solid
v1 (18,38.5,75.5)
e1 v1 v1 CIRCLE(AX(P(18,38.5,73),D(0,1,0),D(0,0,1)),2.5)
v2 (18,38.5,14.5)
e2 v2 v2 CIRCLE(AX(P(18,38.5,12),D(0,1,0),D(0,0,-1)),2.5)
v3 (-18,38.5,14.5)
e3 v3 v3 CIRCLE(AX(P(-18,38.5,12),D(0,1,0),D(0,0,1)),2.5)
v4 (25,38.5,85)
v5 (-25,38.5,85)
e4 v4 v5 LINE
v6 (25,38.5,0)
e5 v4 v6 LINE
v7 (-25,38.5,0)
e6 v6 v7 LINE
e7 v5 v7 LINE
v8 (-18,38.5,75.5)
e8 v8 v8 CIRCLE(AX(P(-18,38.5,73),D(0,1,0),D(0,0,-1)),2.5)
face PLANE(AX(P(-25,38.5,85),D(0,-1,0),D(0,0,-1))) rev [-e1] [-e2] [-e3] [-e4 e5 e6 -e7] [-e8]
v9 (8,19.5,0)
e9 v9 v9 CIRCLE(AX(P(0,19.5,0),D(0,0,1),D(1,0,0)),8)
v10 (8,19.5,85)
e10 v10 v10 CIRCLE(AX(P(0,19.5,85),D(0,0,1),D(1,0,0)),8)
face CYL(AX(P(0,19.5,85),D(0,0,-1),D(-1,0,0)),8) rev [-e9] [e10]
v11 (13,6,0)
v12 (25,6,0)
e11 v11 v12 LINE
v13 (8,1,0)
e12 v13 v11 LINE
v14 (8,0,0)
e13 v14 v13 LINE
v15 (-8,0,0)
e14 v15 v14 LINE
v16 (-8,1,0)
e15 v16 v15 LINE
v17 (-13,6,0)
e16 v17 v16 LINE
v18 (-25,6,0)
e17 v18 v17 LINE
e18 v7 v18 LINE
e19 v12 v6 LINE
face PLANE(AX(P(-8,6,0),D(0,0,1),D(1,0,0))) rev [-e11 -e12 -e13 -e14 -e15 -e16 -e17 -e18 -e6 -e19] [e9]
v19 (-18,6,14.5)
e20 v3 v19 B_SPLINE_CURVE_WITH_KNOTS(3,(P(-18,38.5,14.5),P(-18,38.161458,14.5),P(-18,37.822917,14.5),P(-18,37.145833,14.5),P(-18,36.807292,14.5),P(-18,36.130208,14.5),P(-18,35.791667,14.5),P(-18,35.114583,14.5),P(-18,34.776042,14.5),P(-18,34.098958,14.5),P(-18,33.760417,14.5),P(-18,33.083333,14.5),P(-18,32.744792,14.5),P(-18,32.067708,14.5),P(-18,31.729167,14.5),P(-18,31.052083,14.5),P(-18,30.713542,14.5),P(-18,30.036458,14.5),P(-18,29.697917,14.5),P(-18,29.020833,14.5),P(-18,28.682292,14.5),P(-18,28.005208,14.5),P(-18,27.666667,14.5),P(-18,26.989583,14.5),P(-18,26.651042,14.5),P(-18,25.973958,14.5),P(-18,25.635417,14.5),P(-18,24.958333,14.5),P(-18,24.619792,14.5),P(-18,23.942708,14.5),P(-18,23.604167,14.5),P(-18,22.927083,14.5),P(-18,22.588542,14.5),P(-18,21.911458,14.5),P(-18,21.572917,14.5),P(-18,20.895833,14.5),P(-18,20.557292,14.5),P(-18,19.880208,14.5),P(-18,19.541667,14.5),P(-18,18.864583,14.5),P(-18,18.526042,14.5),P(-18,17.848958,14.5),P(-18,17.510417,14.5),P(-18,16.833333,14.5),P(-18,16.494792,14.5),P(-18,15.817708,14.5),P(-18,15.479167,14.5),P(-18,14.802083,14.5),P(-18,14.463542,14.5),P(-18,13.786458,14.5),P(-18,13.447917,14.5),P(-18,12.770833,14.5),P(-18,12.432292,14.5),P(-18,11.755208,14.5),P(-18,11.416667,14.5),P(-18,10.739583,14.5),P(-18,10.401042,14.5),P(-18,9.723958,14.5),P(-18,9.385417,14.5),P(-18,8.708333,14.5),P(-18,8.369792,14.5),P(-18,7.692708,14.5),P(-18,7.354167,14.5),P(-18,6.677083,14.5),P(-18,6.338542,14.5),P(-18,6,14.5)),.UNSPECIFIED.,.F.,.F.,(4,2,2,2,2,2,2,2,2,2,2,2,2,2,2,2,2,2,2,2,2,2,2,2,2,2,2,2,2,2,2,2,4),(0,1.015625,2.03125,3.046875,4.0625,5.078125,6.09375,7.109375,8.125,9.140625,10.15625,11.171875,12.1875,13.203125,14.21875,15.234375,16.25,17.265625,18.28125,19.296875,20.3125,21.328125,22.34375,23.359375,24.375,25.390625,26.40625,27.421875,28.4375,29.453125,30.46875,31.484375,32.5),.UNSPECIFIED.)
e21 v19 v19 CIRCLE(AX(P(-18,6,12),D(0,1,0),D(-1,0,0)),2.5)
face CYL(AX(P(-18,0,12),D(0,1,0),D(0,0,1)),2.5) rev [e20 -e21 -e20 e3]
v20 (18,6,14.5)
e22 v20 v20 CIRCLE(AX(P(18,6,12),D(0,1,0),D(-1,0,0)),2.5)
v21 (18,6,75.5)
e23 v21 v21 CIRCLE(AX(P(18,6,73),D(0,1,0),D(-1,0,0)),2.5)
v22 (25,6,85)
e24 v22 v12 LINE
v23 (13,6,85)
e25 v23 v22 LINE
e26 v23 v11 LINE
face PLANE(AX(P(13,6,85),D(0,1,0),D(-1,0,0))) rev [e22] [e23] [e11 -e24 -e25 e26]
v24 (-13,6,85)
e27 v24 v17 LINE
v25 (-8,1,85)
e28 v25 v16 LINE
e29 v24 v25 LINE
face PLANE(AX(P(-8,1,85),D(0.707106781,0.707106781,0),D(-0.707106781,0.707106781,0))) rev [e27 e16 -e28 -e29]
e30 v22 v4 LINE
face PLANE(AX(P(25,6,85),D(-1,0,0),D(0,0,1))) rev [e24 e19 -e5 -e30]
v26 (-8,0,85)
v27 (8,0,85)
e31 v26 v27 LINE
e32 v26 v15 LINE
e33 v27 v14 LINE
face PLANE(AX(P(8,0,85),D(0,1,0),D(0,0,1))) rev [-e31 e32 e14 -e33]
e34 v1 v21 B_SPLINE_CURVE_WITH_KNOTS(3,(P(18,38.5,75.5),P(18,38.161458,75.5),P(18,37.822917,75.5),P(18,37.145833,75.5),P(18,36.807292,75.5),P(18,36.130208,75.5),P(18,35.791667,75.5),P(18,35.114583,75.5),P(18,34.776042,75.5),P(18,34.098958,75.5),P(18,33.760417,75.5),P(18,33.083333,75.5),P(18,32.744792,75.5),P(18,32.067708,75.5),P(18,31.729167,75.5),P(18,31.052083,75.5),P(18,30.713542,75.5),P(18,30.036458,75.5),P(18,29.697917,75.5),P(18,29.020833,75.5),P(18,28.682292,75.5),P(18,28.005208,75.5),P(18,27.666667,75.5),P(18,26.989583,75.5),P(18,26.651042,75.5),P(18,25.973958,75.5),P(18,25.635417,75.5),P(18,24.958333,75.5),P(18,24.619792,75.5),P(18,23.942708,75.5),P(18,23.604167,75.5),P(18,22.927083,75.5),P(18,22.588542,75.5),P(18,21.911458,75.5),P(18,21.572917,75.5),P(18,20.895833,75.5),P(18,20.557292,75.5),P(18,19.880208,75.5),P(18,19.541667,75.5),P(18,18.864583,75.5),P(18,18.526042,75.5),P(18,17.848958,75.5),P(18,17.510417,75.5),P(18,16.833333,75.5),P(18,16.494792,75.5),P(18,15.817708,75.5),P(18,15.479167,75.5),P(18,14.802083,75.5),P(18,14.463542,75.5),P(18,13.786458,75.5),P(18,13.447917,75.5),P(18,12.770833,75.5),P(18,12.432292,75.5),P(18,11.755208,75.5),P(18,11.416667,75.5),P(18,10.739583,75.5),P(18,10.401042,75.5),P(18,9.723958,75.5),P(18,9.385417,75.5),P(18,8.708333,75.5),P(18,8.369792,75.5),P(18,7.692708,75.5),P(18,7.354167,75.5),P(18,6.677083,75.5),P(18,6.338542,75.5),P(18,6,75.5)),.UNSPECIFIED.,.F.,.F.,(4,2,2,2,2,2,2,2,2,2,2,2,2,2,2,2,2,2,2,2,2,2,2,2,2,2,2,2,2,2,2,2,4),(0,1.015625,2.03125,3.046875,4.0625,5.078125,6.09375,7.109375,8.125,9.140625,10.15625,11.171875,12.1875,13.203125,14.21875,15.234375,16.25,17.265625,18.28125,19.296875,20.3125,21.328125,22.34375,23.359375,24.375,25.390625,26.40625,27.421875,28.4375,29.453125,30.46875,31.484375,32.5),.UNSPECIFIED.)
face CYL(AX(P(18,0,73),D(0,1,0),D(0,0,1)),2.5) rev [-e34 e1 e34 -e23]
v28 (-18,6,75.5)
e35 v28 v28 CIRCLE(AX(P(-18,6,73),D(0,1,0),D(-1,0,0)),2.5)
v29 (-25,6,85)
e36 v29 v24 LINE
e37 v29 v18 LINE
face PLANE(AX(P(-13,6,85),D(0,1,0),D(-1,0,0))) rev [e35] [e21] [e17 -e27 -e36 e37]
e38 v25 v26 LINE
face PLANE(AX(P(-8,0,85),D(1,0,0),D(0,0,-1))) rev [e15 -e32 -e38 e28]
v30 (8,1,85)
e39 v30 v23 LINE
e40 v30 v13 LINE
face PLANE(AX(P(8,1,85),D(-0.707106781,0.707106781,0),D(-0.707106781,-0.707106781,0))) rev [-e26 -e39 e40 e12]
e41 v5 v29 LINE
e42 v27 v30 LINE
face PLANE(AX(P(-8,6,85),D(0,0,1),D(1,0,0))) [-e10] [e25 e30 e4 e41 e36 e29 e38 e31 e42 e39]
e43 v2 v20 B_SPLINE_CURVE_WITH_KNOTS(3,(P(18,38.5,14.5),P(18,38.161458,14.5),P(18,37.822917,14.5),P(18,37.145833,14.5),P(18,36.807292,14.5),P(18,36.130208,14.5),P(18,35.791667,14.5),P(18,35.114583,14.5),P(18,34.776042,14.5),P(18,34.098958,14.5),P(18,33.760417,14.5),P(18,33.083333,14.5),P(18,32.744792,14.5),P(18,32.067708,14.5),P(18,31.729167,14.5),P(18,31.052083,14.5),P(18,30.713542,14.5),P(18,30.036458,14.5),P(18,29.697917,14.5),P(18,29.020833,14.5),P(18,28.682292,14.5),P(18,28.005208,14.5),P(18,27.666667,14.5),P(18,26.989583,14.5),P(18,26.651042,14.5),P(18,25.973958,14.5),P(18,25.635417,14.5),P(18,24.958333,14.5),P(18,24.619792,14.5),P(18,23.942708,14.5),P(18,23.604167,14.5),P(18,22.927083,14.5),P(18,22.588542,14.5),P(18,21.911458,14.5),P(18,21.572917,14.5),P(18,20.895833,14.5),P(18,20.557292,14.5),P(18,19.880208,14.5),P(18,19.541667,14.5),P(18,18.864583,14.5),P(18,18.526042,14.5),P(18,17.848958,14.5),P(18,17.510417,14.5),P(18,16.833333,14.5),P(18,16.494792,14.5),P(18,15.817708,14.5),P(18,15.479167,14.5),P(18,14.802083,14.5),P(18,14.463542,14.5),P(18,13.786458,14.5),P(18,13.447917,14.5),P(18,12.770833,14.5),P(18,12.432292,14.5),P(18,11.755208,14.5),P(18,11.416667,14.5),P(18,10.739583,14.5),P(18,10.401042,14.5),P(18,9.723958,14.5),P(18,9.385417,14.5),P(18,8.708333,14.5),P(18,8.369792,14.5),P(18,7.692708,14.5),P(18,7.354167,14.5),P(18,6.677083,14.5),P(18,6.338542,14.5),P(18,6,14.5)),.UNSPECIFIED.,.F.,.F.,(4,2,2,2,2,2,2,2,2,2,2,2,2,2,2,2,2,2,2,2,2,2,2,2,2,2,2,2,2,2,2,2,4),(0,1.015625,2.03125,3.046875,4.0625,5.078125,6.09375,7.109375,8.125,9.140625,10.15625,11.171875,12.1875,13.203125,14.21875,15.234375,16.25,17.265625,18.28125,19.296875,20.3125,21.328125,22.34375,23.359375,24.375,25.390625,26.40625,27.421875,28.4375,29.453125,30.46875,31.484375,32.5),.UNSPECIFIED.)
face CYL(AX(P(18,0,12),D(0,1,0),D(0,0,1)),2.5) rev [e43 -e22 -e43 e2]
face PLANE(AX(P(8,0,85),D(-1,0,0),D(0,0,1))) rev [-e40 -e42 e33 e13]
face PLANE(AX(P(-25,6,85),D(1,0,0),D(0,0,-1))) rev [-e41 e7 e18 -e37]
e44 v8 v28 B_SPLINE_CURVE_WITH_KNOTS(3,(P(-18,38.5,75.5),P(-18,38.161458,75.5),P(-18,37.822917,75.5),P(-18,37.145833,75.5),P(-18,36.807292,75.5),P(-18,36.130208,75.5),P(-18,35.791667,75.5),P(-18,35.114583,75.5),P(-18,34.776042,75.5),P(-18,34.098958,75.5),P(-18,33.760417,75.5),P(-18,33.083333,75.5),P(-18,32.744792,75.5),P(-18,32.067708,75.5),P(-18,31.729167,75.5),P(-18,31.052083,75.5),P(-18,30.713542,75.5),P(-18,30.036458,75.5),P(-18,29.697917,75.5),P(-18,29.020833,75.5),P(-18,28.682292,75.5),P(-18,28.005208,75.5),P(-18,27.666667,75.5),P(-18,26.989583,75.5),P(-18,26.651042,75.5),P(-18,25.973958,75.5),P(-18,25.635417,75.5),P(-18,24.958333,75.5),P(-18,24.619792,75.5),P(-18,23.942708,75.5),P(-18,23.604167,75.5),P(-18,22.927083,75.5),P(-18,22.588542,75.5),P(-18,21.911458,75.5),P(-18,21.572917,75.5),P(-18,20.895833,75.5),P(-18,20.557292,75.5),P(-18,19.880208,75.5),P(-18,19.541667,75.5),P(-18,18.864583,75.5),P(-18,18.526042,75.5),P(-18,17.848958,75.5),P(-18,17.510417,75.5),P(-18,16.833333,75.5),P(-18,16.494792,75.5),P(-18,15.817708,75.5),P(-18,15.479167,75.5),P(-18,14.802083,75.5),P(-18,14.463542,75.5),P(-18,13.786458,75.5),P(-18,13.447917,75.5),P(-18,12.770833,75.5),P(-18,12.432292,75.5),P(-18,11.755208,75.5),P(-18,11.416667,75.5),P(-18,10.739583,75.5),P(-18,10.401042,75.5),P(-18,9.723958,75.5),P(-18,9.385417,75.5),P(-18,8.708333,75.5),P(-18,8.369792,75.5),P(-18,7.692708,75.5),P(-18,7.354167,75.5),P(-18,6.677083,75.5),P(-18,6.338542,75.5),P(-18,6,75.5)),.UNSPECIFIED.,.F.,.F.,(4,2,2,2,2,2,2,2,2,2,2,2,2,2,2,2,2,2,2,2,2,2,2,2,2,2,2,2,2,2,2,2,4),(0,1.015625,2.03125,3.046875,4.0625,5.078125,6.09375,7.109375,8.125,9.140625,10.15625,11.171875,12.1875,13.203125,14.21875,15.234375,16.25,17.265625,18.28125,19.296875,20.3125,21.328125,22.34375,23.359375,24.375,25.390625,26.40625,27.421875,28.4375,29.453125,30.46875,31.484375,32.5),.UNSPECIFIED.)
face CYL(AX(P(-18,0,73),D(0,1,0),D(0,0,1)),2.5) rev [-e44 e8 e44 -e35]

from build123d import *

# Parameters (mm, degrees)
SKETCH_1_R          = 8
EXTRUDE_1_DEPTH     = 85
SKETCH_2_R          = 2.5
CUT_EXTRUDE_1_DEPTH = 97.603571363


with BuildPart() as part:
    # 草图1 → 凸台-拉伸1 (new body)
    with BuildSketch(Plane.XY):
        Polygon((8, 0), (-8, 0), (-8, 1), (-13, 6), (-25, 6), (-25, 38.5), (25, 38.5), (25, 6), (13, 6), (8, 1), align=None)
        with Locations((0, 19.5)):
            Circle(SKETCH_1_R, mode=Mode.SUBTRACT)
    extrude(amount=EXTRUDE_1_DEPTH)

    # 草图2 → 切除-拉伸1 (cut, through all)
    with BuildSketch(Plane(origin=(0, 38.5, 0), x_dir=(1, 0, 0), z_dir=(0, 1, 0))):
        with Locations(Location((-18, -12, 0), (0, 0, 270))):
            Circle(SKETCH_2_R)
        with Locations(Location((18, -12, 0), (0, 0, 270))):
            Circle(SKETCH_2_R)
        with Locations(Location((18, -73, 0), (0, 0, 270))):
            Circle(SKETCH_2_R)
        with Locations(Location((-18, -73, 0), (0, 0, 270))):
            Circle(SKETCH_2_R)
    extrude(amount=-CUT_EXTRUDE_1_DEPTH, mode=Mode.SUBTRACT)


solid = part.part
